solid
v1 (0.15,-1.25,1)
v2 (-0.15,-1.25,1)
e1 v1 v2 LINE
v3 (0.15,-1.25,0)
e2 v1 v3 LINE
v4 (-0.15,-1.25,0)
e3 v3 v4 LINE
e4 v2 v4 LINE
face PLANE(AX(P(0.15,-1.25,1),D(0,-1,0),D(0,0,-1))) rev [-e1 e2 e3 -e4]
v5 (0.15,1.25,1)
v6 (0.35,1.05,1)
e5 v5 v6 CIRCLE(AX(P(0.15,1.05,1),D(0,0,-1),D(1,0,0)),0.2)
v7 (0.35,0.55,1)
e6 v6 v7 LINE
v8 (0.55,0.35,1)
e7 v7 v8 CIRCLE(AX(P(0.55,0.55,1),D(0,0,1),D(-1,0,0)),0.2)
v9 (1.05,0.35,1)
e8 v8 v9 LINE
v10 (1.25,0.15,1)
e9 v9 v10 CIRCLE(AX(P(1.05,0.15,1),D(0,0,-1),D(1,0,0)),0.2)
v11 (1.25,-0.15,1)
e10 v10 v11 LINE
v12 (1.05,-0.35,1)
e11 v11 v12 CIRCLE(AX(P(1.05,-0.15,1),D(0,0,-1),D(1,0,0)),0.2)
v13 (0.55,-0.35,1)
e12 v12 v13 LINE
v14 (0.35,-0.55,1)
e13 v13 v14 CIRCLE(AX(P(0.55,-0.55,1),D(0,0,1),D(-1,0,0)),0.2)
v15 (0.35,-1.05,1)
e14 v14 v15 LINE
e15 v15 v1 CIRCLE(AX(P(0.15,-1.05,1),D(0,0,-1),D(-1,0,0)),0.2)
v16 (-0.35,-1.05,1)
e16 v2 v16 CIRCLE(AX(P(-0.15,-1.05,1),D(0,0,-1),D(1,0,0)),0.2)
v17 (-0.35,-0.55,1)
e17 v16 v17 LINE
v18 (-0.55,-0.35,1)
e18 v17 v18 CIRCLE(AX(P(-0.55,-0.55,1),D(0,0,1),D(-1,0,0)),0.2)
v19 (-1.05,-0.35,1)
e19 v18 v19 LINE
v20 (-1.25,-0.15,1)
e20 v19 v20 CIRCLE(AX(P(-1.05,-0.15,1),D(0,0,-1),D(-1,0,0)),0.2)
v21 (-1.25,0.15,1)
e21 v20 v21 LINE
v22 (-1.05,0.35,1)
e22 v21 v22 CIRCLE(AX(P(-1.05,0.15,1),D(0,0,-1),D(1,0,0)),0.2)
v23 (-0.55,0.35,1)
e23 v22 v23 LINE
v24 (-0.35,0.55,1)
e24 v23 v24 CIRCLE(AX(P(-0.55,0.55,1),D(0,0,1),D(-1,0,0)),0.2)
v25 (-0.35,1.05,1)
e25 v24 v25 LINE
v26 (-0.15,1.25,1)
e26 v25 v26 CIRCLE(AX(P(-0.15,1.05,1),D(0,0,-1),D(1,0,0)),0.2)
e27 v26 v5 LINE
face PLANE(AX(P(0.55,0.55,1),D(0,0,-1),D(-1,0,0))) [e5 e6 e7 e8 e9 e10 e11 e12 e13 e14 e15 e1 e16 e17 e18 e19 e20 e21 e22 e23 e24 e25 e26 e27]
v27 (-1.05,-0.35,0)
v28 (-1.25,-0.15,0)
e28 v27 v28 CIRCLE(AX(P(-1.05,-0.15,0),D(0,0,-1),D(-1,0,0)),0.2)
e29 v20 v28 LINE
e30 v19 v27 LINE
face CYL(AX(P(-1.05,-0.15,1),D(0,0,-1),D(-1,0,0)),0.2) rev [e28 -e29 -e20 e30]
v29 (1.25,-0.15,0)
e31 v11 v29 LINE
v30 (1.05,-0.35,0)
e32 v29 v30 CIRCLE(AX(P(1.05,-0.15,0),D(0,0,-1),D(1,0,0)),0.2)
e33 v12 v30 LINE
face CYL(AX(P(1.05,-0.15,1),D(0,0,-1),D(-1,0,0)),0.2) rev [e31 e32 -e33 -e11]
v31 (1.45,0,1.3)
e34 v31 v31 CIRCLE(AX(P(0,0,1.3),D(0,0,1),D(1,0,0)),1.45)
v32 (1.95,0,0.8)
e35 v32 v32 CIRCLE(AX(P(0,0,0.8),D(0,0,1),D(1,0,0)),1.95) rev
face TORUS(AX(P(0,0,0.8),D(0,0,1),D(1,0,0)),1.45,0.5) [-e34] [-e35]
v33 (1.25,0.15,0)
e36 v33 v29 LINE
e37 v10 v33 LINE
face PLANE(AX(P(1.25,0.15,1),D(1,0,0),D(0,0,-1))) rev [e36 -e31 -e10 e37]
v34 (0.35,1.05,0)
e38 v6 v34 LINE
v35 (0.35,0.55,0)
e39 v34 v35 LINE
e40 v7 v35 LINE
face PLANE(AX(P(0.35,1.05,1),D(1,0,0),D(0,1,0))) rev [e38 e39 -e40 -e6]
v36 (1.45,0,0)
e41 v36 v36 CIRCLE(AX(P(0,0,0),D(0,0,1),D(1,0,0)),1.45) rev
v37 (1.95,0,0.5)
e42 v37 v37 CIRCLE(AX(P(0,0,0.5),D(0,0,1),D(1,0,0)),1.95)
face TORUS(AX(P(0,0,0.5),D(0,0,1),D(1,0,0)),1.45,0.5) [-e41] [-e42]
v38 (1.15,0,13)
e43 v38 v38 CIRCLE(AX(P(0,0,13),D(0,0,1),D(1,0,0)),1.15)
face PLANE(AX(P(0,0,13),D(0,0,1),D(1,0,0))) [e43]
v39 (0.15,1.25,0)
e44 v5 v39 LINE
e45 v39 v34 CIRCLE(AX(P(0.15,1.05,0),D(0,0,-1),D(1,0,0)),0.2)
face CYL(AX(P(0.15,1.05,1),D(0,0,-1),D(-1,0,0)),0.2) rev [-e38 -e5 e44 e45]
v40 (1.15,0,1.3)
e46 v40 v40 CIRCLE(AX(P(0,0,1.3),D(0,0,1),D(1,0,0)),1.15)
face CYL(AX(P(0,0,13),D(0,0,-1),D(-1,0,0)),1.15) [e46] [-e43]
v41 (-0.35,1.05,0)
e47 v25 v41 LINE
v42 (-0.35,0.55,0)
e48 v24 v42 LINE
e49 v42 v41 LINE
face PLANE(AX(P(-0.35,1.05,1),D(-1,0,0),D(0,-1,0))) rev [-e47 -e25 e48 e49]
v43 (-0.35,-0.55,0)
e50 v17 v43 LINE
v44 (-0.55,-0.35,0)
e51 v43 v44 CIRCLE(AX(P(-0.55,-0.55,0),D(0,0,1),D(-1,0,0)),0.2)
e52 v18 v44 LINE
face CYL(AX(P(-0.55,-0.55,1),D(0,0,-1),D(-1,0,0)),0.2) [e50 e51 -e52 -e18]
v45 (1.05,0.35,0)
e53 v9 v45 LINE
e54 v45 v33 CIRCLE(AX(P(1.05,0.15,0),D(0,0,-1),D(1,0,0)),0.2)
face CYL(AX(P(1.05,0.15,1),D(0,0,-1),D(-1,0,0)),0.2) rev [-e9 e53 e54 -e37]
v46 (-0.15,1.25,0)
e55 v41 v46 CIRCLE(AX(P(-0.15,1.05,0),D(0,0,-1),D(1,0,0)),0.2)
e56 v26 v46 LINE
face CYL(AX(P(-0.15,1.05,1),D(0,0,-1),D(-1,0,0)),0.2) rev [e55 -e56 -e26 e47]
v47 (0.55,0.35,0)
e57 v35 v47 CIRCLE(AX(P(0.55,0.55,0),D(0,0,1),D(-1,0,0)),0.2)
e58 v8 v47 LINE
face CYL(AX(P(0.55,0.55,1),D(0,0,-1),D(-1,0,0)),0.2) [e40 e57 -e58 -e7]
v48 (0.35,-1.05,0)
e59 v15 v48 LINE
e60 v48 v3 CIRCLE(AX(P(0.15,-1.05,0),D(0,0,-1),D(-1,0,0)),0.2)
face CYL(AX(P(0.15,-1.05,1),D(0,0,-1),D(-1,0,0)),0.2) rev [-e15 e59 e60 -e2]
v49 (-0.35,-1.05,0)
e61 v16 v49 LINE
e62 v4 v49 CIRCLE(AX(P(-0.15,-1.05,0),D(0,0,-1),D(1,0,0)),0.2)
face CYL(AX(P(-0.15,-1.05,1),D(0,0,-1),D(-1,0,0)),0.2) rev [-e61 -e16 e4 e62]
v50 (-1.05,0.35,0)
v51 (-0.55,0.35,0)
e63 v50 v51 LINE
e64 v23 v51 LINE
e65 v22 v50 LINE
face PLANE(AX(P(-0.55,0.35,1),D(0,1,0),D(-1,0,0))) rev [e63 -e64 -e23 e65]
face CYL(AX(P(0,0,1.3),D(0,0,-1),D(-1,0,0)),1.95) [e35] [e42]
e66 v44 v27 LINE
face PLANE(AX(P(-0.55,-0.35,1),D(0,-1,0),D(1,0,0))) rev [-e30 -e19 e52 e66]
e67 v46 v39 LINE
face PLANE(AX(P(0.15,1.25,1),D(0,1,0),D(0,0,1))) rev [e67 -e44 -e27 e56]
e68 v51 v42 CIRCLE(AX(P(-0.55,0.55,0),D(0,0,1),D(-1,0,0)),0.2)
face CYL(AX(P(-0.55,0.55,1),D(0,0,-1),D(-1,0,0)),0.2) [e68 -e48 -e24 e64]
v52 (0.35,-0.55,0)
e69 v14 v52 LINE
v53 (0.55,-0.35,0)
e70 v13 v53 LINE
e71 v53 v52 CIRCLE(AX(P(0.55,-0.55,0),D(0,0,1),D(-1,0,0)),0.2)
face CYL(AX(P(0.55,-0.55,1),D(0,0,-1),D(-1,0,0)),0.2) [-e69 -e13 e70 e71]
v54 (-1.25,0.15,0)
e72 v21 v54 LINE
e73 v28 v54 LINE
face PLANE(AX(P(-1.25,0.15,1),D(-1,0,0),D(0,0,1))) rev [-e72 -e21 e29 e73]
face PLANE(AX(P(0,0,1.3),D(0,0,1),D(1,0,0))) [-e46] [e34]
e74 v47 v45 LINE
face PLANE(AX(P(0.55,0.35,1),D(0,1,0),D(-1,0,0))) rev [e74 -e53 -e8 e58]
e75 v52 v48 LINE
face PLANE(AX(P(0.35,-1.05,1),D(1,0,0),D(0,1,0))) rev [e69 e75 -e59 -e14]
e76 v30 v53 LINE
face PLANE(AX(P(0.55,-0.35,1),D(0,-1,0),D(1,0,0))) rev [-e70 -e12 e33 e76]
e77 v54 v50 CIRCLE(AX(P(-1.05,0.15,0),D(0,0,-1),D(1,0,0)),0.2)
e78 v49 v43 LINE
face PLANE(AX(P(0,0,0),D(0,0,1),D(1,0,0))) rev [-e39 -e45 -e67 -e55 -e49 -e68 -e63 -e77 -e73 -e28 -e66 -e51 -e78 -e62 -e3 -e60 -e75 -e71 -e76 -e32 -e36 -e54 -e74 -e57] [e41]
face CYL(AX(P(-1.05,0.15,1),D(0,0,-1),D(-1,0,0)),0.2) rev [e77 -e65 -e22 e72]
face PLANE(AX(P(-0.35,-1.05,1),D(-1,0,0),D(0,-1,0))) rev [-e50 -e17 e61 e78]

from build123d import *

# Parameters (mm, degrees)
SKETCH1_R           = 1.95
BOSS_EXTRUDE1_DEPTH = 1.3
CUT_EXTRUDE1_DEPTH  = 1
SKETCH3_R           = 1.15
BOSS_EXTRUDE2_DEPTH = 11.7
FILLET1_R           = 0.5


with BuildPart() as part:
    # Sketch1 → Boss-Extrude1 (new body)
    with BuildSketch(Plane.XY):
        Circle(SKETCH1_R)
    extrude(amount=BOSS_EXTRUDE1_DEPTH)

    # Sketch2 → Cut-Extrude1 (cut)
    with BuildSketch(Plane(origin=(0, 0, 0), x_dir=(-1, 0, 0), z_dir=(0, 0, -1))):
        with BuildLine():
            Line((-0.15, 1.25), (0.15, 1.25))
            ThreePointArc((0.15, 1.25), (0.291421356, 1.191421356), (0.35, 1.05))
            Line((0.35, 1.05), (0.35, 0.55))
            ThreePointArc((0.35, 0.55), (0.408578644, 0.408578644), (0.55, 0.35))
            Line((0.55, 0.35), (1.05, 0.35))
            ThreePointArc((1.05, 0.35), (1.191421356, 0.291421356), (1.25, 0.15))
            Line((1.25, 0.15), (1.25, -0.15))
            ThreePointArc((1.25, -0.15), (1.191421356, -0.291421356), (1.05, -0.35))
            Line((1.05, -0.35), (0.55, -0.35))
            ThreePointArc((0.55, -0.35), (0.408578644, -0.408578644), (0.35, -0.55))
            Line((0.35, -0.55), (0.35, -1.05))
            ThreePointArc((0.35, -1.05), (0.291421356, -1.191421356), (0.15, -1.25))
            Line((0.15, -1.25), (-0.15, -1.25))
            ThreePointArc((-0.15, -1.25), (-0.291421356, -1.191421356), (-0.35, -1.05))
            Line((-0.35, -1.05), (-0.35, -0.55))
            ThreePointArc((-0.35, -0.55), (-0.408578644, -0.408578644), (-0.55, -0.35))
            Line((-0.55, -0.35), (-1.05, -0.35))
            ThreePointArc((-1.05, -0.35), (-1.191421356, -0.291421356), (-1.25, -0.15))
            Line((-1.25, -0.15), (-1.25, 0.15))
            ThreePointArc((-1.25, 0.15), (-1.191421356, 0.291421356), (-1.05, 0.35))
            Line((-1.05, 0.35), (-0.55, 0.35))
            ThreePointArc((-0.55, 0.35), (-0.408578644, 0.408578644), (-0.35, 0.55))
            Line((-0.35, 0.55), (-0.35, 1.05))
            ThreePointArc((-0.35, 1.05), (-0.291421356, 1.191421356), (-0.15, 1.25))
        make_face()
    extrude(amount=-CUT_EXTRUDE1_DEPTH, mode=Mode.SUBTRACT)

    # Sketch3 → Boss-Extrude2 (add)
    with BuildSketch(Plane.XY.offset(1.3)):
        Circle(SKETCH3_R)
    extrude(amount=BOSS_EXTRUDE2_DEPTH)

    # Fillet1
    fillet1_edges = [part.edges().sort_by_distance(p)[0] for p in [
        (-1.95, 0, 0),
        (-1.95, 0, 1.3),
    ]]
    fillet(fillet1_edges, radius=FILLET1_R)


solid = part.part
